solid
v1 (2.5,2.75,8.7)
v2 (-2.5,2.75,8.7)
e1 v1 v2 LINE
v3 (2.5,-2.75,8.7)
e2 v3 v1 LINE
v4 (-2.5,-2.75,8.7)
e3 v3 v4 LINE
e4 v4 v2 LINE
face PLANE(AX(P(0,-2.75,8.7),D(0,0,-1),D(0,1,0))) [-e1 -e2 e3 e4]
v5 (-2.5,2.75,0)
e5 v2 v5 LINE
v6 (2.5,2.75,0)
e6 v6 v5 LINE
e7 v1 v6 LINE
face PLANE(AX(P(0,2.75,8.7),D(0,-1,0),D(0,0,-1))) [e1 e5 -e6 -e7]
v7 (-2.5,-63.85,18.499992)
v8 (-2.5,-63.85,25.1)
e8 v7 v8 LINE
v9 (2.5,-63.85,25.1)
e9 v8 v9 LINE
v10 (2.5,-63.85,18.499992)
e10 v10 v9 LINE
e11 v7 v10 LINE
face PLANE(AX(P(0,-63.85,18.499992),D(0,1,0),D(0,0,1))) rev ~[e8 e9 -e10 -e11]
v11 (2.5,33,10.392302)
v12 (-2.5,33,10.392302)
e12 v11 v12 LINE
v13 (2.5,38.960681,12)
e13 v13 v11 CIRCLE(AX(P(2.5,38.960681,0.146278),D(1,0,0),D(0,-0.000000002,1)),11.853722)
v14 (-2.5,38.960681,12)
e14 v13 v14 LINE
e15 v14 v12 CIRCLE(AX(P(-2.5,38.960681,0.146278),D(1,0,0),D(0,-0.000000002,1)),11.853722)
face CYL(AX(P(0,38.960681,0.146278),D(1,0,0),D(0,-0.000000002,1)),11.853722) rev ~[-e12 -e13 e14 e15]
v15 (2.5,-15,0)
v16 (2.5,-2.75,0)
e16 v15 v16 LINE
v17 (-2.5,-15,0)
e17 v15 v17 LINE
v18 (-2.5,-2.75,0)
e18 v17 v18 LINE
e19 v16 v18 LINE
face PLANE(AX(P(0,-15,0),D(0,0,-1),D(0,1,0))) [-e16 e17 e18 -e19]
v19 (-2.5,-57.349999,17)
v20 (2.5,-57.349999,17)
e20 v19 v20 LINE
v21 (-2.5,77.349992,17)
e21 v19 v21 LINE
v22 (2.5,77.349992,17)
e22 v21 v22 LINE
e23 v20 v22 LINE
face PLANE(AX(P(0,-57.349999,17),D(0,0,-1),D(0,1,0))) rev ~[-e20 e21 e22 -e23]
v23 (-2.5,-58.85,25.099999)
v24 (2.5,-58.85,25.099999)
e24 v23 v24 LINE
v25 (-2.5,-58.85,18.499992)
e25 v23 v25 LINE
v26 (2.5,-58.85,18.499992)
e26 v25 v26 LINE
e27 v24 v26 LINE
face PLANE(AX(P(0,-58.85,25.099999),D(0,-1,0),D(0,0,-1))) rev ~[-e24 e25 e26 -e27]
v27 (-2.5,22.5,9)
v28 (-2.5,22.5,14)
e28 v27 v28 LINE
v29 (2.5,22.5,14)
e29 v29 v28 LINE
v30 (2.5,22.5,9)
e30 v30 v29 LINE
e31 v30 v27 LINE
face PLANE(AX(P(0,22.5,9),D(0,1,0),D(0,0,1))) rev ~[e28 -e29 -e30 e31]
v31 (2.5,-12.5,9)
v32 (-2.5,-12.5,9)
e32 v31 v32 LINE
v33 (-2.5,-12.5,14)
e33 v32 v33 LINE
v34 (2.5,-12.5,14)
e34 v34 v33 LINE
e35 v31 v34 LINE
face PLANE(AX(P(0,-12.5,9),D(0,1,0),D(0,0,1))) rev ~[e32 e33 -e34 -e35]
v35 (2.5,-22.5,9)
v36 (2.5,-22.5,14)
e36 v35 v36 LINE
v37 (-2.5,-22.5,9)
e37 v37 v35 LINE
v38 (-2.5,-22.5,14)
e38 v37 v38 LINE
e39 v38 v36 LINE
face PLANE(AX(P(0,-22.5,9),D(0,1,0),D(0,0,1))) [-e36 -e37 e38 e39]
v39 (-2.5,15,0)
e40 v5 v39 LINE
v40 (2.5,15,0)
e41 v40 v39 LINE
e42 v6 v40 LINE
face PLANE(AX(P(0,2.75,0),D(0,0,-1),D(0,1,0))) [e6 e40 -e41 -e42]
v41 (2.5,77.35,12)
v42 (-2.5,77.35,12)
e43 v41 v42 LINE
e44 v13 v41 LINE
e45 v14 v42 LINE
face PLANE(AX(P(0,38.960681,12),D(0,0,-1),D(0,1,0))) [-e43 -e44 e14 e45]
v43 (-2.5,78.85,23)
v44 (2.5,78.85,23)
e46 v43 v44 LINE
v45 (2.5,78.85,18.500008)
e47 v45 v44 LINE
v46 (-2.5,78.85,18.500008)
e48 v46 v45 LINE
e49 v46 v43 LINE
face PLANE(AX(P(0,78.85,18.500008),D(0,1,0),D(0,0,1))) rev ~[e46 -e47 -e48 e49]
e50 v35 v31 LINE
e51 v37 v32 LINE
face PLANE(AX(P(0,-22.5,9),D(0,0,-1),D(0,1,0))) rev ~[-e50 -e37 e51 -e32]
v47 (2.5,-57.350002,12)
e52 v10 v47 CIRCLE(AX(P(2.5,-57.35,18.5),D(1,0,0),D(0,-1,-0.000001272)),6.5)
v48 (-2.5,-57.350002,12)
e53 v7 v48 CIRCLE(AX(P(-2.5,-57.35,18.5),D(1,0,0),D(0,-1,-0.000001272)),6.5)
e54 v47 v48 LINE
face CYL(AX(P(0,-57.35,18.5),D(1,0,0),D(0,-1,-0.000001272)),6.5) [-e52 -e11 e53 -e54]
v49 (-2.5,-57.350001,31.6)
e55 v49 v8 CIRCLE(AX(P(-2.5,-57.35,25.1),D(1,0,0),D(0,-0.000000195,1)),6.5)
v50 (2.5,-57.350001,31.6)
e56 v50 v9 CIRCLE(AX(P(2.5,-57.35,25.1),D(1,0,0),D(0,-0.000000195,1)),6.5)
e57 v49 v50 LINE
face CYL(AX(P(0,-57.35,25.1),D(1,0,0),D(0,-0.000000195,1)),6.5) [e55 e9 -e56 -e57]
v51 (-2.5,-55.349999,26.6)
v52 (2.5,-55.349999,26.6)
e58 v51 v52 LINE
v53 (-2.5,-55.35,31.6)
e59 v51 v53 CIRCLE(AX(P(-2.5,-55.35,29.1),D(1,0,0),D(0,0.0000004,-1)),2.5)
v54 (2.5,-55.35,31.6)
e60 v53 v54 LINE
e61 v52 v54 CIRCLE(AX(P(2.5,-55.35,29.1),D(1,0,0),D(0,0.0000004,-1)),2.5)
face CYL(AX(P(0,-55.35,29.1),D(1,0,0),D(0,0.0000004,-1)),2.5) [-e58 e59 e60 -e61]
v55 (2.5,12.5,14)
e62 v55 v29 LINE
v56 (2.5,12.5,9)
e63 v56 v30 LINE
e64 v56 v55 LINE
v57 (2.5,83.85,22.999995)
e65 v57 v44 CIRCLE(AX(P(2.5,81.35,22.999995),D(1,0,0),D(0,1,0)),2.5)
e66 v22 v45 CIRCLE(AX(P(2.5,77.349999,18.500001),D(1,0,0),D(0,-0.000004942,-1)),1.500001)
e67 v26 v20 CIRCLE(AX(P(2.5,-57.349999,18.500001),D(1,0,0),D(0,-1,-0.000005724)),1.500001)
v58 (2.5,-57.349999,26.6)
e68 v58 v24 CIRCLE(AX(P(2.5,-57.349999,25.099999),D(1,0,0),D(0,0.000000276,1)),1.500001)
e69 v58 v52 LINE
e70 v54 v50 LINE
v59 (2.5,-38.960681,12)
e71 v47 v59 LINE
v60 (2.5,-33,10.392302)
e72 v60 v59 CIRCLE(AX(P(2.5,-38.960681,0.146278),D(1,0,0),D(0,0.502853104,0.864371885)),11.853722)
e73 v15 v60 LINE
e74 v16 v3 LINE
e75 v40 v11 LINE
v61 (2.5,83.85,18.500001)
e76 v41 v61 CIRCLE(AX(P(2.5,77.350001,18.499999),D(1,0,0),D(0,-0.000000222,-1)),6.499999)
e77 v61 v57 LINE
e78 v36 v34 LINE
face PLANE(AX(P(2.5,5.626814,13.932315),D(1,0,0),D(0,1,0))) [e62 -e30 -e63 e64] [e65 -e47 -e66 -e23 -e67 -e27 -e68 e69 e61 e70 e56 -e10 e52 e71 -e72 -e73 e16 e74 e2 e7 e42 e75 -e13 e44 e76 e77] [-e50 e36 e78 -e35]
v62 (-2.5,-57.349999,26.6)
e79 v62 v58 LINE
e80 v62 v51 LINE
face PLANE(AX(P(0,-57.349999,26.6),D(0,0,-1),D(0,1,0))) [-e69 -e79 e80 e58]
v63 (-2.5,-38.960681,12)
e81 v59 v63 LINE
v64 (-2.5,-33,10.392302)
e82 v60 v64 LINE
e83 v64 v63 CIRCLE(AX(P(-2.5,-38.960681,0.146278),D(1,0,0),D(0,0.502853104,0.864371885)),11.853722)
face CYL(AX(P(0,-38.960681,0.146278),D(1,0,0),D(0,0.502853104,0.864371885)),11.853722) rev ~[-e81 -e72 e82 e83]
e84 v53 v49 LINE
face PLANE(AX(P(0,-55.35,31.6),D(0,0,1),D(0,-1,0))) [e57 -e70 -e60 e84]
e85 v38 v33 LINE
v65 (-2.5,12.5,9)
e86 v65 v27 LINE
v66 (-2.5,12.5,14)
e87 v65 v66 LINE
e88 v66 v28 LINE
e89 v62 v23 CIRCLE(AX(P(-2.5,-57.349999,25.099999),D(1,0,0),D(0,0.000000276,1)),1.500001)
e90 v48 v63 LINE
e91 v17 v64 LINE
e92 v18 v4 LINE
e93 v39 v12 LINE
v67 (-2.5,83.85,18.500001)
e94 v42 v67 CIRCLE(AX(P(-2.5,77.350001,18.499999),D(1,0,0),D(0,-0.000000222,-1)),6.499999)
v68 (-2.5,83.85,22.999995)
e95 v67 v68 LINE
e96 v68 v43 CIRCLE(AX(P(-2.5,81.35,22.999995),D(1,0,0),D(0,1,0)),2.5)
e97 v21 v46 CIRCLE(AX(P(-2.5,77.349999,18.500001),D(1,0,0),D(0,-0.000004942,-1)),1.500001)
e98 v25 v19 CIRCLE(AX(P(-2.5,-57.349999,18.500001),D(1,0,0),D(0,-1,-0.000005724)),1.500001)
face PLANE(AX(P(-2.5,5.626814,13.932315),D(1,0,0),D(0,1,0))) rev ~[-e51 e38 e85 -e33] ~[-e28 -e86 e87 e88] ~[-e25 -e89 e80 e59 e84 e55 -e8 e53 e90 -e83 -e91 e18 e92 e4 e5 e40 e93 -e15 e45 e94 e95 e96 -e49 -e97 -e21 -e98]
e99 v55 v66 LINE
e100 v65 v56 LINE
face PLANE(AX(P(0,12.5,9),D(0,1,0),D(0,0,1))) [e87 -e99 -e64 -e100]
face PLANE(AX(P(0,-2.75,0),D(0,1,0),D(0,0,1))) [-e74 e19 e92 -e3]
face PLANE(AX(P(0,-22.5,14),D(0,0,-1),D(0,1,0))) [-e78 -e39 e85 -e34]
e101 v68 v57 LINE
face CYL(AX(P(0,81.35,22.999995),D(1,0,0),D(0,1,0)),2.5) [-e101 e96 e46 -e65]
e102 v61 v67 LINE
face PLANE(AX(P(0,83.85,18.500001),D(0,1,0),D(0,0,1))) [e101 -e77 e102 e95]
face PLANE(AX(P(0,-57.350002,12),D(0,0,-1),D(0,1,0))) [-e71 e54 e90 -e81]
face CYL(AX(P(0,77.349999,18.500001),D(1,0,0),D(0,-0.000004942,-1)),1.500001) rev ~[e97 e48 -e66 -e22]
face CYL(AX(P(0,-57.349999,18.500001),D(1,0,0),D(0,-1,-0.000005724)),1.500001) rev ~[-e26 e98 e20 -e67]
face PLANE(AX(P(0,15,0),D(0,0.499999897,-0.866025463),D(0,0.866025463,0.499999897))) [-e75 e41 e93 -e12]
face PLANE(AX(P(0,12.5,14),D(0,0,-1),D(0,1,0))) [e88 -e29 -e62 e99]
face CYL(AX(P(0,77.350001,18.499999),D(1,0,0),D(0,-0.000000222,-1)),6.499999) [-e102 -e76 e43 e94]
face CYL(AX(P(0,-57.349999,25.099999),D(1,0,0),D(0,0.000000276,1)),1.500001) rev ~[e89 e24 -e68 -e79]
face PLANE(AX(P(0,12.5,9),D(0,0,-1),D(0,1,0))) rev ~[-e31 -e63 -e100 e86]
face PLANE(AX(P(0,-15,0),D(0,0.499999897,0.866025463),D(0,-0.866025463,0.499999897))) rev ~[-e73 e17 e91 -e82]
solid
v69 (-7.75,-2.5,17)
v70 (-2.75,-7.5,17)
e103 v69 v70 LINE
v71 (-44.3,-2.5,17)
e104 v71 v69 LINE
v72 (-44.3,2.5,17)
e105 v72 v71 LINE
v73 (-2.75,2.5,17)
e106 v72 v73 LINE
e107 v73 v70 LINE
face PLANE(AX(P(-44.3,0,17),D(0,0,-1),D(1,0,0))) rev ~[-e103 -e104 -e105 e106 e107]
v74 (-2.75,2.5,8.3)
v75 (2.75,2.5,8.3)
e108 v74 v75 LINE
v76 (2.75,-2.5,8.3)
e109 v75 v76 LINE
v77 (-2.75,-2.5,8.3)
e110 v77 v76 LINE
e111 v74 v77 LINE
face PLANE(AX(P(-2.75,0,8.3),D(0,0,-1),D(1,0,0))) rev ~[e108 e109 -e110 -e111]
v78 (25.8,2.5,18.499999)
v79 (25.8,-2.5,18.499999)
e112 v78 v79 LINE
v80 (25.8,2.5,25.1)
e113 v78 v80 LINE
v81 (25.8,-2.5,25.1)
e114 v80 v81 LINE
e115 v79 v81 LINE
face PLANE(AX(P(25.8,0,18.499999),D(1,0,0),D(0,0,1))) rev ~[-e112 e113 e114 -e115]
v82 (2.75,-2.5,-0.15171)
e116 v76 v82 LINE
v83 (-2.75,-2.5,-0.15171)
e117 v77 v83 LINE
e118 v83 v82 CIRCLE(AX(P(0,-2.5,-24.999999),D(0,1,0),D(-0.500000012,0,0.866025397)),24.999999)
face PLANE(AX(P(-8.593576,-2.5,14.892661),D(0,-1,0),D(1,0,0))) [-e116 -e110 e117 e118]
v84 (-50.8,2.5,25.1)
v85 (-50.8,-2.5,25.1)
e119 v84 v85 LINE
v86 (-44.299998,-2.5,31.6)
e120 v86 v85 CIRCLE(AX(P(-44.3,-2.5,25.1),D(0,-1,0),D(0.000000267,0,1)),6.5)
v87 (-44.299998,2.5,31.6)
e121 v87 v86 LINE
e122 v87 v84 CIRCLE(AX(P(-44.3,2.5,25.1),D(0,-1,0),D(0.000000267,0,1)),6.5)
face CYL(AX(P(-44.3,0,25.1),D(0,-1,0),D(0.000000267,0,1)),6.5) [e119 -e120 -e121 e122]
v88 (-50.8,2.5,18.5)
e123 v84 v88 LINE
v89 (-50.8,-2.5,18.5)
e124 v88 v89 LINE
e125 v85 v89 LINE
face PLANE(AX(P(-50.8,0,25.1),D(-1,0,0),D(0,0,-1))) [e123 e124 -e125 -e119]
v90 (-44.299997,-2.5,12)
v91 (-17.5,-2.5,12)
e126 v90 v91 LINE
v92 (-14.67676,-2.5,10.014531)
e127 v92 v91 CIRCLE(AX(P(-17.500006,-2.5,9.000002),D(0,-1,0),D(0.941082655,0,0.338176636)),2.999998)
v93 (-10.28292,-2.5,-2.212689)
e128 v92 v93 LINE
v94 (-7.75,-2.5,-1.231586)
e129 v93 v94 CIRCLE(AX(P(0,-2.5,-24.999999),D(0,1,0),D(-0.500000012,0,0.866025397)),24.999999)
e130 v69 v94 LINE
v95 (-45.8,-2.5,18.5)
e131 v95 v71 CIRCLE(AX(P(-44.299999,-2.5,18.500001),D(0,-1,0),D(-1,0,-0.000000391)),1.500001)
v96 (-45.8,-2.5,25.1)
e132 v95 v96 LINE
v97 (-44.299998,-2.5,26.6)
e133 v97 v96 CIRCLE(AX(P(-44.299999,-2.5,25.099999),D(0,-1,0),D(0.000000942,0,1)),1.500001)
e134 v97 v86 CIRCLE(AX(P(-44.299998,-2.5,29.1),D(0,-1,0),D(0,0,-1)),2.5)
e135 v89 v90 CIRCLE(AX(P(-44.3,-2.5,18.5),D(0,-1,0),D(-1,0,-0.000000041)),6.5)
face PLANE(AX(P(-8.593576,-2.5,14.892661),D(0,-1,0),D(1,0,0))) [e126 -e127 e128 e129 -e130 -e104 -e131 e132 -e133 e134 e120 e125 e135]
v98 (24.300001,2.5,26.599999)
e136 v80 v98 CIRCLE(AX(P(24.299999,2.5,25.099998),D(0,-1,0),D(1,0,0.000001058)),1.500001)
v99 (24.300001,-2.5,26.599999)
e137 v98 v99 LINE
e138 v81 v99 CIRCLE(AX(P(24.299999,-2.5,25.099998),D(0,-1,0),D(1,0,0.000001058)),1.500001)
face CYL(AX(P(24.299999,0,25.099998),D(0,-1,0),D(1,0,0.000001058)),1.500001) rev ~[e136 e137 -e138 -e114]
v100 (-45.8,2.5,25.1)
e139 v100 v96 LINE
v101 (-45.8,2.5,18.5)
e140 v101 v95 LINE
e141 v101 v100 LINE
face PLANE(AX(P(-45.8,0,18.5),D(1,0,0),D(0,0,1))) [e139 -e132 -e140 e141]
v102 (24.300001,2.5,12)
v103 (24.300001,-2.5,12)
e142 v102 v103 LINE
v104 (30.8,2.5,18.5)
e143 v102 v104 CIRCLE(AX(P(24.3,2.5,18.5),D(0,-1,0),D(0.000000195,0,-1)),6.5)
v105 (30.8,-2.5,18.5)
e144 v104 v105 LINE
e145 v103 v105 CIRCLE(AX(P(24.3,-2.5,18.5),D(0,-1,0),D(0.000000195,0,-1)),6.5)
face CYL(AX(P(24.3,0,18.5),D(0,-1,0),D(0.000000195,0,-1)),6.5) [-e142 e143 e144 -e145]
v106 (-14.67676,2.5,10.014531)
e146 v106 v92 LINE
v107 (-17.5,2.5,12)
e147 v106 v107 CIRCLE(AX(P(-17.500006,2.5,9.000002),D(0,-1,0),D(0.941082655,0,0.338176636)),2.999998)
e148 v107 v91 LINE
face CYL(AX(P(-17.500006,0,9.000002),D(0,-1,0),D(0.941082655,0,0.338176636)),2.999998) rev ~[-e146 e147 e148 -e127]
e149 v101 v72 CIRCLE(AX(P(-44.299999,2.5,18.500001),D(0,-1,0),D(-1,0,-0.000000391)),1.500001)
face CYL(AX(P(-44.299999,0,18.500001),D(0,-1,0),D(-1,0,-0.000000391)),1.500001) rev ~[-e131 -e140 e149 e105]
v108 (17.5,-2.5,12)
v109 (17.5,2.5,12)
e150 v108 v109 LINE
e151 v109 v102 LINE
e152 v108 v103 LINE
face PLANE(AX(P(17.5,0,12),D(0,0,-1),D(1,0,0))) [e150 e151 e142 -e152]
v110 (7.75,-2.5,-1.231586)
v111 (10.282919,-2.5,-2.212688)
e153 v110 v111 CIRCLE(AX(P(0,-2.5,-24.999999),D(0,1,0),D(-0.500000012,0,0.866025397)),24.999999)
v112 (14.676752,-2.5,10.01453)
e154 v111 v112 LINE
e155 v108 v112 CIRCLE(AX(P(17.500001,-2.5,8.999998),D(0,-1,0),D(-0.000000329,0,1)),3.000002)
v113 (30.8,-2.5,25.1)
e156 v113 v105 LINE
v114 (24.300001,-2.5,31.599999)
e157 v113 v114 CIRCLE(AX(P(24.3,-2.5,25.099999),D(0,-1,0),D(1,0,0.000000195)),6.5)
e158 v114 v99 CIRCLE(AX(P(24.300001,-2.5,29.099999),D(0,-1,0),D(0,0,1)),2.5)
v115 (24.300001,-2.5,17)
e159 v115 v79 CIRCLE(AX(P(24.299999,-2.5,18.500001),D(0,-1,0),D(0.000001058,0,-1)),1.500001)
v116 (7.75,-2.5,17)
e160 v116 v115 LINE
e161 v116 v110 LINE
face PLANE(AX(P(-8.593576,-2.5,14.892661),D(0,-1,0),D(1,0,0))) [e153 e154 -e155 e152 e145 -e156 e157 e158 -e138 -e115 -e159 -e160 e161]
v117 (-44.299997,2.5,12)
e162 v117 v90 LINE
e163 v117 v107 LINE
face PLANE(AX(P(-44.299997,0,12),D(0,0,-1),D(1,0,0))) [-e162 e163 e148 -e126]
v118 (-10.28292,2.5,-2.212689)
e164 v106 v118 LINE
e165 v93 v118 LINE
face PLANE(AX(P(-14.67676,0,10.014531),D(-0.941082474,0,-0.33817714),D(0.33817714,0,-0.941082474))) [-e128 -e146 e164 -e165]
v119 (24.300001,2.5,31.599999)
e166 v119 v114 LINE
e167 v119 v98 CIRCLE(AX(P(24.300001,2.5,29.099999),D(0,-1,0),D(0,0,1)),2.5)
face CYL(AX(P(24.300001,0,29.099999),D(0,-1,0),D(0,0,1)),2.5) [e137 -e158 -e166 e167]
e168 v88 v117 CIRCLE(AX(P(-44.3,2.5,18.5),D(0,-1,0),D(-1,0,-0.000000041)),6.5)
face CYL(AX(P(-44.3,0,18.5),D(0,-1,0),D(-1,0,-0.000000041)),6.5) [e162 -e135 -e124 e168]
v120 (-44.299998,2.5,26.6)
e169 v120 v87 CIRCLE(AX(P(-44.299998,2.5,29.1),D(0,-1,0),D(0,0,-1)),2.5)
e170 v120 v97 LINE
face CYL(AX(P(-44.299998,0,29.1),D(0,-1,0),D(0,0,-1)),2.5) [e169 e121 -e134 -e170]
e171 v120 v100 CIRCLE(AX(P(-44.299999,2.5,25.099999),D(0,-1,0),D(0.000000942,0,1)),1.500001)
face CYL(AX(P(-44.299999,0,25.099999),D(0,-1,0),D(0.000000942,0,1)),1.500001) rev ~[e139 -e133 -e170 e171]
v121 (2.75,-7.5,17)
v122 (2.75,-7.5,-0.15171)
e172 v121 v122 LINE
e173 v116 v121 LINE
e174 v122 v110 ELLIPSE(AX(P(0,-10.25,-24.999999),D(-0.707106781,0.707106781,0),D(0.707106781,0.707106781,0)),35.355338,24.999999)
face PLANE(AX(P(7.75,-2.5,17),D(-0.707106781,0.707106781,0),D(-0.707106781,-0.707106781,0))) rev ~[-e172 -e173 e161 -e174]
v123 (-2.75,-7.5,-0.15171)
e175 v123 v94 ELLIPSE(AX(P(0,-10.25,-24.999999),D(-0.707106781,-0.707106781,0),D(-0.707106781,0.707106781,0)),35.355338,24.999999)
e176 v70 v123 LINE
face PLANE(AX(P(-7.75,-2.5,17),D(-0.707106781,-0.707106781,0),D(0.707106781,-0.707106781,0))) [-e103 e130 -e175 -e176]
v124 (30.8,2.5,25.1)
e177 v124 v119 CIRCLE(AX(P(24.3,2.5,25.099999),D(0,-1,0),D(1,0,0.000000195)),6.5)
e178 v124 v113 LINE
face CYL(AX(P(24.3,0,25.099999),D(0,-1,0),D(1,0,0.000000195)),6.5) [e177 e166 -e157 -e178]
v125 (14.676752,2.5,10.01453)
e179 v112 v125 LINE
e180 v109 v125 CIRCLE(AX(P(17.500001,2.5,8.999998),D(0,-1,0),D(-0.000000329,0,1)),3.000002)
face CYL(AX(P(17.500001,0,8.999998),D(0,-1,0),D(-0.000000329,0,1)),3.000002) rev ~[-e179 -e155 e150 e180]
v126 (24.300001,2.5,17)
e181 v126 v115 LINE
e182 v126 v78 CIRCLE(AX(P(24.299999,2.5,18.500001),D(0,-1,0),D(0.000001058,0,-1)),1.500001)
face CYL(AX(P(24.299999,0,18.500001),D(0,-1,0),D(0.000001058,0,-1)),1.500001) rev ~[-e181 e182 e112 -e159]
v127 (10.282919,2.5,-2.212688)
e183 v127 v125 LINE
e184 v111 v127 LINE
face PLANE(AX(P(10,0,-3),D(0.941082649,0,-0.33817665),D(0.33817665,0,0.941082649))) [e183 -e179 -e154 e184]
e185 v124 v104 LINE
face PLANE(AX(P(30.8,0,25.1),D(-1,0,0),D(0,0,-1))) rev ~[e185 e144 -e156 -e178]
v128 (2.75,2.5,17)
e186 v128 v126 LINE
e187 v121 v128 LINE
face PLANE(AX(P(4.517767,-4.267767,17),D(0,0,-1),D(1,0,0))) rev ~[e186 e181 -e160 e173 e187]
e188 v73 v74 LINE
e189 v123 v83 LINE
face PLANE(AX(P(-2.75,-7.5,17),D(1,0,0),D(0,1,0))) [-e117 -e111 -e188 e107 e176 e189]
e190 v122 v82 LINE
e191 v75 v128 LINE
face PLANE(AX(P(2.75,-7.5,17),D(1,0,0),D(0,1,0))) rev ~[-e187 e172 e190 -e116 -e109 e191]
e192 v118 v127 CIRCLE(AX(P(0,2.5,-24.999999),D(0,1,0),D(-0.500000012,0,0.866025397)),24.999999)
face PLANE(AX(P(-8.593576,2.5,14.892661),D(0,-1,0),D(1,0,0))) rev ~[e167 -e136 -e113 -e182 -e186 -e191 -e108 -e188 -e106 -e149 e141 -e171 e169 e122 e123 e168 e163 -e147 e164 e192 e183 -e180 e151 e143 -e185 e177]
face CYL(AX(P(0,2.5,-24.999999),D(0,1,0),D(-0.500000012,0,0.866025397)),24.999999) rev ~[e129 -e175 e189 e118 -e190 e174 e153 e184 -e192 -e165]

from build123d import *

# Parameters (mm, degrees)
SKETCH_W     = 10
SKETCH_H     = 5
PAD_DEPTH    = 2.5
PAD001_DEPTH = 2.5
PAD002_DEPTH = 20
POCKET_DEPTH = 10


with BuildPart() as vertical:
    # Sketch → Pad (new body, symmetric)
    with BuildSketch(Plane.YZ):
        with BuildLine():
            Line((83.85, 18.500001), (83.85, 22.999995))
            ThreePointArc((83.85, 22.999995), (81.350003, 25.499995), (78.85, 23))
            Line((78.85, 18.500008), (78.85, 23))
            ThreePointArc((77.349992, 17), (78.41066, 17.43934), (78.85, 18.500008))
            Line((-57.349999, 17), (77.349992, 17))
            ThreePointArc((-58.85, 18.499992), (-58.410657, 17.439337), (-57.349999, 17))
            Line((-58.85, 25.099999), (-58.85, 18.499992))
            ThreePointArc((-57.349999, 26.6), (-58.41066, 26.16066), (-58.85, 25.099999))
            Line((-57.349999, 26.6), (-55.349999, 26.6))
            ThreePointArc((-55.349999, 26.6), (-52.85, 29.100001), (-55.35, 31.6))
            Line((-55.35, 31.6), (-57.350001, 31.6))
            ThreePointArc((-57.350001, 31.6), (-61.946194, 29.696194), (-63.85, 25.1))
            Line((-63.85, 18.499992), (-63.85, 25.1))
            ThreePointArc((-63.85, 18.499992), (-61.946192, 13.903804), (-57.350002, 12))
            Line((-57.350002, 12), (-38.960681, 12))
            ThreePointArc((-33, 10.392302), (-35.873837, 11.59102), (-38.960681, 12))
            Line((-15, 0), (-33, 10.392302))
            Line((-15, 0), (-2.75, 0))
            Line((-2.75, 0), (-2.75, 8.7))
            Line((-2.75, 8.7), (2.75, 8.7))
            Line((2.75, 8.7), (2.75, 0))
            Line((2.75, 0), (15, 0))
            Line((15, 0), (33, 10.392302))
            ThreePointArc((38.960681, 12), (35.873837, 11.59102), (33, 10.392302))
            Line((38.960681, 12), (77.35, 12))
            ThreePointArc((77.35, 12), (81.946195, 13.903806), (83.85, 18.500001))
        make_face()
        with Locations((-17.5, 11.5)):
            Rectangle(SKETCH_W, SKETCH_H, mode=Mode.SUBTRACT)
        with Locations((17.5, 11.5)):
            Rectangle(SKETCH_W, SKETCH_H, mode=Mode.SUBTRACT)
    extrude(amount=PAD_DEPTH, both=True)


with BuildPart() as fusion:
    # Sketch001 → Pad001 (new body, symmetric)
    with BuildSketch(Plane.XZ):
        with BuildLine():
            Line((17.5, 12), (24.300001, 12))
            ThreePointArc((24.300001, 12), (28.896194, 13.903806), (30.8, 18.5))
            Line((30.8, 25.1), (30.8, 18.5))
            ThreePointArc((30.8, 25.1), (28.896194, 29.696193), (24.300001, 31.599999))
            ThreePointArc((24.300001, 31.599999), (21.800001, 29.1), (24.300001, 26.599999))
            ThreePointArc((25.8, 25.1), (25.36066, 26.160659), (24.300001, 26.599999))
            Line((25.8, 18.499999), (25.8, 25.1))
            ThreePointArc((24.300001, 17), (25.36066, 17.43934), (25.8, 18.499999))
            Line((2.75, 17), (24.300001, 17))
            Line((2.75, 8.3), (2.75, 17))
            Line((-2.75, 8.3), (2.75, 8.3))
            Line((-2.75, 17), (-2.75, 8.3))
            Line((-44.3, 17), (-2.75, 17))
            ThreePointArc((-45.8, 18.5), (-45.36066, 17.43934), (-44.3, 17))
            Line((-45.8, 18.5), (-45.8, 25.1))
            ThreePointArc((-44.299998, 26.6), (-45.360659, 26.160661), (-45.8, 25.1))
            ThreePointArc((-44.299998, 26.6), (-41.799998, 29.1), (-44.299998, 31.6))
            ThreePointArc((-44.299998, 31.6), (-48.896193, 29.696195), (-50.8, 25.1))
            Line((-50.8, 25.1), (-50.8, 18.5))
            ThreePointArc((-50.8, 18.5), (-48.896193, 13.903805), (-44.299997, 12))
            Line((-44.299997, 12), (-17.5, 12))
            ThreePointArc((-14.67676, 10.014531), (-15.774257, 11.453933), (-17.5, 12))
            Line((-14.67676, 10.014531), (-10, -3))
            Line((-10, -3), (10, -3))
            Line((10, -3), (14.676752, 10.01453))
            ThreePointArc((17.5, 12), (15.774252, 11.453934), (14.676752, 10.01453))
        make_face()
    extrude(amount=PAD001_DEPTH, both=True)

    # Sketch002 → Pad002 (new body)
    with BuildSketch(Plane(origin=(0, 0, 17), x_dir=(-1, 0, 0), z_dir=(0, 0, 1))):
        Polygon((-7.75, 2.5), (-2.75, 7.5), (-2.75, 2.5), align=None)
        Polygon((2.75, 7.5), (2.75, 2.5), (7.75, 2.5), align=None)
    extrude(amount=-PAD002_DEPTH)

    # Sketch003 → Pocket (cut)
    with BuildSketch(Plane(origin=(0, 2.5, 0), x_dir=(1, 0, 0), z_dir=(0, 1, 0))):
        with BuildLine():
            ThreePointArc((-12.5, 3.349365), (0, 0), (12.5, 3.349365))
            Line((-12.5, 3.349365), (12.5, 3.349365))
        make_face()
    extrude(amount=-POCKET_DEPTH, mode=Mode.SUBTRACT)

    # Fusion: union Vertical
    add(vertical.part)


solid = fusion.part
